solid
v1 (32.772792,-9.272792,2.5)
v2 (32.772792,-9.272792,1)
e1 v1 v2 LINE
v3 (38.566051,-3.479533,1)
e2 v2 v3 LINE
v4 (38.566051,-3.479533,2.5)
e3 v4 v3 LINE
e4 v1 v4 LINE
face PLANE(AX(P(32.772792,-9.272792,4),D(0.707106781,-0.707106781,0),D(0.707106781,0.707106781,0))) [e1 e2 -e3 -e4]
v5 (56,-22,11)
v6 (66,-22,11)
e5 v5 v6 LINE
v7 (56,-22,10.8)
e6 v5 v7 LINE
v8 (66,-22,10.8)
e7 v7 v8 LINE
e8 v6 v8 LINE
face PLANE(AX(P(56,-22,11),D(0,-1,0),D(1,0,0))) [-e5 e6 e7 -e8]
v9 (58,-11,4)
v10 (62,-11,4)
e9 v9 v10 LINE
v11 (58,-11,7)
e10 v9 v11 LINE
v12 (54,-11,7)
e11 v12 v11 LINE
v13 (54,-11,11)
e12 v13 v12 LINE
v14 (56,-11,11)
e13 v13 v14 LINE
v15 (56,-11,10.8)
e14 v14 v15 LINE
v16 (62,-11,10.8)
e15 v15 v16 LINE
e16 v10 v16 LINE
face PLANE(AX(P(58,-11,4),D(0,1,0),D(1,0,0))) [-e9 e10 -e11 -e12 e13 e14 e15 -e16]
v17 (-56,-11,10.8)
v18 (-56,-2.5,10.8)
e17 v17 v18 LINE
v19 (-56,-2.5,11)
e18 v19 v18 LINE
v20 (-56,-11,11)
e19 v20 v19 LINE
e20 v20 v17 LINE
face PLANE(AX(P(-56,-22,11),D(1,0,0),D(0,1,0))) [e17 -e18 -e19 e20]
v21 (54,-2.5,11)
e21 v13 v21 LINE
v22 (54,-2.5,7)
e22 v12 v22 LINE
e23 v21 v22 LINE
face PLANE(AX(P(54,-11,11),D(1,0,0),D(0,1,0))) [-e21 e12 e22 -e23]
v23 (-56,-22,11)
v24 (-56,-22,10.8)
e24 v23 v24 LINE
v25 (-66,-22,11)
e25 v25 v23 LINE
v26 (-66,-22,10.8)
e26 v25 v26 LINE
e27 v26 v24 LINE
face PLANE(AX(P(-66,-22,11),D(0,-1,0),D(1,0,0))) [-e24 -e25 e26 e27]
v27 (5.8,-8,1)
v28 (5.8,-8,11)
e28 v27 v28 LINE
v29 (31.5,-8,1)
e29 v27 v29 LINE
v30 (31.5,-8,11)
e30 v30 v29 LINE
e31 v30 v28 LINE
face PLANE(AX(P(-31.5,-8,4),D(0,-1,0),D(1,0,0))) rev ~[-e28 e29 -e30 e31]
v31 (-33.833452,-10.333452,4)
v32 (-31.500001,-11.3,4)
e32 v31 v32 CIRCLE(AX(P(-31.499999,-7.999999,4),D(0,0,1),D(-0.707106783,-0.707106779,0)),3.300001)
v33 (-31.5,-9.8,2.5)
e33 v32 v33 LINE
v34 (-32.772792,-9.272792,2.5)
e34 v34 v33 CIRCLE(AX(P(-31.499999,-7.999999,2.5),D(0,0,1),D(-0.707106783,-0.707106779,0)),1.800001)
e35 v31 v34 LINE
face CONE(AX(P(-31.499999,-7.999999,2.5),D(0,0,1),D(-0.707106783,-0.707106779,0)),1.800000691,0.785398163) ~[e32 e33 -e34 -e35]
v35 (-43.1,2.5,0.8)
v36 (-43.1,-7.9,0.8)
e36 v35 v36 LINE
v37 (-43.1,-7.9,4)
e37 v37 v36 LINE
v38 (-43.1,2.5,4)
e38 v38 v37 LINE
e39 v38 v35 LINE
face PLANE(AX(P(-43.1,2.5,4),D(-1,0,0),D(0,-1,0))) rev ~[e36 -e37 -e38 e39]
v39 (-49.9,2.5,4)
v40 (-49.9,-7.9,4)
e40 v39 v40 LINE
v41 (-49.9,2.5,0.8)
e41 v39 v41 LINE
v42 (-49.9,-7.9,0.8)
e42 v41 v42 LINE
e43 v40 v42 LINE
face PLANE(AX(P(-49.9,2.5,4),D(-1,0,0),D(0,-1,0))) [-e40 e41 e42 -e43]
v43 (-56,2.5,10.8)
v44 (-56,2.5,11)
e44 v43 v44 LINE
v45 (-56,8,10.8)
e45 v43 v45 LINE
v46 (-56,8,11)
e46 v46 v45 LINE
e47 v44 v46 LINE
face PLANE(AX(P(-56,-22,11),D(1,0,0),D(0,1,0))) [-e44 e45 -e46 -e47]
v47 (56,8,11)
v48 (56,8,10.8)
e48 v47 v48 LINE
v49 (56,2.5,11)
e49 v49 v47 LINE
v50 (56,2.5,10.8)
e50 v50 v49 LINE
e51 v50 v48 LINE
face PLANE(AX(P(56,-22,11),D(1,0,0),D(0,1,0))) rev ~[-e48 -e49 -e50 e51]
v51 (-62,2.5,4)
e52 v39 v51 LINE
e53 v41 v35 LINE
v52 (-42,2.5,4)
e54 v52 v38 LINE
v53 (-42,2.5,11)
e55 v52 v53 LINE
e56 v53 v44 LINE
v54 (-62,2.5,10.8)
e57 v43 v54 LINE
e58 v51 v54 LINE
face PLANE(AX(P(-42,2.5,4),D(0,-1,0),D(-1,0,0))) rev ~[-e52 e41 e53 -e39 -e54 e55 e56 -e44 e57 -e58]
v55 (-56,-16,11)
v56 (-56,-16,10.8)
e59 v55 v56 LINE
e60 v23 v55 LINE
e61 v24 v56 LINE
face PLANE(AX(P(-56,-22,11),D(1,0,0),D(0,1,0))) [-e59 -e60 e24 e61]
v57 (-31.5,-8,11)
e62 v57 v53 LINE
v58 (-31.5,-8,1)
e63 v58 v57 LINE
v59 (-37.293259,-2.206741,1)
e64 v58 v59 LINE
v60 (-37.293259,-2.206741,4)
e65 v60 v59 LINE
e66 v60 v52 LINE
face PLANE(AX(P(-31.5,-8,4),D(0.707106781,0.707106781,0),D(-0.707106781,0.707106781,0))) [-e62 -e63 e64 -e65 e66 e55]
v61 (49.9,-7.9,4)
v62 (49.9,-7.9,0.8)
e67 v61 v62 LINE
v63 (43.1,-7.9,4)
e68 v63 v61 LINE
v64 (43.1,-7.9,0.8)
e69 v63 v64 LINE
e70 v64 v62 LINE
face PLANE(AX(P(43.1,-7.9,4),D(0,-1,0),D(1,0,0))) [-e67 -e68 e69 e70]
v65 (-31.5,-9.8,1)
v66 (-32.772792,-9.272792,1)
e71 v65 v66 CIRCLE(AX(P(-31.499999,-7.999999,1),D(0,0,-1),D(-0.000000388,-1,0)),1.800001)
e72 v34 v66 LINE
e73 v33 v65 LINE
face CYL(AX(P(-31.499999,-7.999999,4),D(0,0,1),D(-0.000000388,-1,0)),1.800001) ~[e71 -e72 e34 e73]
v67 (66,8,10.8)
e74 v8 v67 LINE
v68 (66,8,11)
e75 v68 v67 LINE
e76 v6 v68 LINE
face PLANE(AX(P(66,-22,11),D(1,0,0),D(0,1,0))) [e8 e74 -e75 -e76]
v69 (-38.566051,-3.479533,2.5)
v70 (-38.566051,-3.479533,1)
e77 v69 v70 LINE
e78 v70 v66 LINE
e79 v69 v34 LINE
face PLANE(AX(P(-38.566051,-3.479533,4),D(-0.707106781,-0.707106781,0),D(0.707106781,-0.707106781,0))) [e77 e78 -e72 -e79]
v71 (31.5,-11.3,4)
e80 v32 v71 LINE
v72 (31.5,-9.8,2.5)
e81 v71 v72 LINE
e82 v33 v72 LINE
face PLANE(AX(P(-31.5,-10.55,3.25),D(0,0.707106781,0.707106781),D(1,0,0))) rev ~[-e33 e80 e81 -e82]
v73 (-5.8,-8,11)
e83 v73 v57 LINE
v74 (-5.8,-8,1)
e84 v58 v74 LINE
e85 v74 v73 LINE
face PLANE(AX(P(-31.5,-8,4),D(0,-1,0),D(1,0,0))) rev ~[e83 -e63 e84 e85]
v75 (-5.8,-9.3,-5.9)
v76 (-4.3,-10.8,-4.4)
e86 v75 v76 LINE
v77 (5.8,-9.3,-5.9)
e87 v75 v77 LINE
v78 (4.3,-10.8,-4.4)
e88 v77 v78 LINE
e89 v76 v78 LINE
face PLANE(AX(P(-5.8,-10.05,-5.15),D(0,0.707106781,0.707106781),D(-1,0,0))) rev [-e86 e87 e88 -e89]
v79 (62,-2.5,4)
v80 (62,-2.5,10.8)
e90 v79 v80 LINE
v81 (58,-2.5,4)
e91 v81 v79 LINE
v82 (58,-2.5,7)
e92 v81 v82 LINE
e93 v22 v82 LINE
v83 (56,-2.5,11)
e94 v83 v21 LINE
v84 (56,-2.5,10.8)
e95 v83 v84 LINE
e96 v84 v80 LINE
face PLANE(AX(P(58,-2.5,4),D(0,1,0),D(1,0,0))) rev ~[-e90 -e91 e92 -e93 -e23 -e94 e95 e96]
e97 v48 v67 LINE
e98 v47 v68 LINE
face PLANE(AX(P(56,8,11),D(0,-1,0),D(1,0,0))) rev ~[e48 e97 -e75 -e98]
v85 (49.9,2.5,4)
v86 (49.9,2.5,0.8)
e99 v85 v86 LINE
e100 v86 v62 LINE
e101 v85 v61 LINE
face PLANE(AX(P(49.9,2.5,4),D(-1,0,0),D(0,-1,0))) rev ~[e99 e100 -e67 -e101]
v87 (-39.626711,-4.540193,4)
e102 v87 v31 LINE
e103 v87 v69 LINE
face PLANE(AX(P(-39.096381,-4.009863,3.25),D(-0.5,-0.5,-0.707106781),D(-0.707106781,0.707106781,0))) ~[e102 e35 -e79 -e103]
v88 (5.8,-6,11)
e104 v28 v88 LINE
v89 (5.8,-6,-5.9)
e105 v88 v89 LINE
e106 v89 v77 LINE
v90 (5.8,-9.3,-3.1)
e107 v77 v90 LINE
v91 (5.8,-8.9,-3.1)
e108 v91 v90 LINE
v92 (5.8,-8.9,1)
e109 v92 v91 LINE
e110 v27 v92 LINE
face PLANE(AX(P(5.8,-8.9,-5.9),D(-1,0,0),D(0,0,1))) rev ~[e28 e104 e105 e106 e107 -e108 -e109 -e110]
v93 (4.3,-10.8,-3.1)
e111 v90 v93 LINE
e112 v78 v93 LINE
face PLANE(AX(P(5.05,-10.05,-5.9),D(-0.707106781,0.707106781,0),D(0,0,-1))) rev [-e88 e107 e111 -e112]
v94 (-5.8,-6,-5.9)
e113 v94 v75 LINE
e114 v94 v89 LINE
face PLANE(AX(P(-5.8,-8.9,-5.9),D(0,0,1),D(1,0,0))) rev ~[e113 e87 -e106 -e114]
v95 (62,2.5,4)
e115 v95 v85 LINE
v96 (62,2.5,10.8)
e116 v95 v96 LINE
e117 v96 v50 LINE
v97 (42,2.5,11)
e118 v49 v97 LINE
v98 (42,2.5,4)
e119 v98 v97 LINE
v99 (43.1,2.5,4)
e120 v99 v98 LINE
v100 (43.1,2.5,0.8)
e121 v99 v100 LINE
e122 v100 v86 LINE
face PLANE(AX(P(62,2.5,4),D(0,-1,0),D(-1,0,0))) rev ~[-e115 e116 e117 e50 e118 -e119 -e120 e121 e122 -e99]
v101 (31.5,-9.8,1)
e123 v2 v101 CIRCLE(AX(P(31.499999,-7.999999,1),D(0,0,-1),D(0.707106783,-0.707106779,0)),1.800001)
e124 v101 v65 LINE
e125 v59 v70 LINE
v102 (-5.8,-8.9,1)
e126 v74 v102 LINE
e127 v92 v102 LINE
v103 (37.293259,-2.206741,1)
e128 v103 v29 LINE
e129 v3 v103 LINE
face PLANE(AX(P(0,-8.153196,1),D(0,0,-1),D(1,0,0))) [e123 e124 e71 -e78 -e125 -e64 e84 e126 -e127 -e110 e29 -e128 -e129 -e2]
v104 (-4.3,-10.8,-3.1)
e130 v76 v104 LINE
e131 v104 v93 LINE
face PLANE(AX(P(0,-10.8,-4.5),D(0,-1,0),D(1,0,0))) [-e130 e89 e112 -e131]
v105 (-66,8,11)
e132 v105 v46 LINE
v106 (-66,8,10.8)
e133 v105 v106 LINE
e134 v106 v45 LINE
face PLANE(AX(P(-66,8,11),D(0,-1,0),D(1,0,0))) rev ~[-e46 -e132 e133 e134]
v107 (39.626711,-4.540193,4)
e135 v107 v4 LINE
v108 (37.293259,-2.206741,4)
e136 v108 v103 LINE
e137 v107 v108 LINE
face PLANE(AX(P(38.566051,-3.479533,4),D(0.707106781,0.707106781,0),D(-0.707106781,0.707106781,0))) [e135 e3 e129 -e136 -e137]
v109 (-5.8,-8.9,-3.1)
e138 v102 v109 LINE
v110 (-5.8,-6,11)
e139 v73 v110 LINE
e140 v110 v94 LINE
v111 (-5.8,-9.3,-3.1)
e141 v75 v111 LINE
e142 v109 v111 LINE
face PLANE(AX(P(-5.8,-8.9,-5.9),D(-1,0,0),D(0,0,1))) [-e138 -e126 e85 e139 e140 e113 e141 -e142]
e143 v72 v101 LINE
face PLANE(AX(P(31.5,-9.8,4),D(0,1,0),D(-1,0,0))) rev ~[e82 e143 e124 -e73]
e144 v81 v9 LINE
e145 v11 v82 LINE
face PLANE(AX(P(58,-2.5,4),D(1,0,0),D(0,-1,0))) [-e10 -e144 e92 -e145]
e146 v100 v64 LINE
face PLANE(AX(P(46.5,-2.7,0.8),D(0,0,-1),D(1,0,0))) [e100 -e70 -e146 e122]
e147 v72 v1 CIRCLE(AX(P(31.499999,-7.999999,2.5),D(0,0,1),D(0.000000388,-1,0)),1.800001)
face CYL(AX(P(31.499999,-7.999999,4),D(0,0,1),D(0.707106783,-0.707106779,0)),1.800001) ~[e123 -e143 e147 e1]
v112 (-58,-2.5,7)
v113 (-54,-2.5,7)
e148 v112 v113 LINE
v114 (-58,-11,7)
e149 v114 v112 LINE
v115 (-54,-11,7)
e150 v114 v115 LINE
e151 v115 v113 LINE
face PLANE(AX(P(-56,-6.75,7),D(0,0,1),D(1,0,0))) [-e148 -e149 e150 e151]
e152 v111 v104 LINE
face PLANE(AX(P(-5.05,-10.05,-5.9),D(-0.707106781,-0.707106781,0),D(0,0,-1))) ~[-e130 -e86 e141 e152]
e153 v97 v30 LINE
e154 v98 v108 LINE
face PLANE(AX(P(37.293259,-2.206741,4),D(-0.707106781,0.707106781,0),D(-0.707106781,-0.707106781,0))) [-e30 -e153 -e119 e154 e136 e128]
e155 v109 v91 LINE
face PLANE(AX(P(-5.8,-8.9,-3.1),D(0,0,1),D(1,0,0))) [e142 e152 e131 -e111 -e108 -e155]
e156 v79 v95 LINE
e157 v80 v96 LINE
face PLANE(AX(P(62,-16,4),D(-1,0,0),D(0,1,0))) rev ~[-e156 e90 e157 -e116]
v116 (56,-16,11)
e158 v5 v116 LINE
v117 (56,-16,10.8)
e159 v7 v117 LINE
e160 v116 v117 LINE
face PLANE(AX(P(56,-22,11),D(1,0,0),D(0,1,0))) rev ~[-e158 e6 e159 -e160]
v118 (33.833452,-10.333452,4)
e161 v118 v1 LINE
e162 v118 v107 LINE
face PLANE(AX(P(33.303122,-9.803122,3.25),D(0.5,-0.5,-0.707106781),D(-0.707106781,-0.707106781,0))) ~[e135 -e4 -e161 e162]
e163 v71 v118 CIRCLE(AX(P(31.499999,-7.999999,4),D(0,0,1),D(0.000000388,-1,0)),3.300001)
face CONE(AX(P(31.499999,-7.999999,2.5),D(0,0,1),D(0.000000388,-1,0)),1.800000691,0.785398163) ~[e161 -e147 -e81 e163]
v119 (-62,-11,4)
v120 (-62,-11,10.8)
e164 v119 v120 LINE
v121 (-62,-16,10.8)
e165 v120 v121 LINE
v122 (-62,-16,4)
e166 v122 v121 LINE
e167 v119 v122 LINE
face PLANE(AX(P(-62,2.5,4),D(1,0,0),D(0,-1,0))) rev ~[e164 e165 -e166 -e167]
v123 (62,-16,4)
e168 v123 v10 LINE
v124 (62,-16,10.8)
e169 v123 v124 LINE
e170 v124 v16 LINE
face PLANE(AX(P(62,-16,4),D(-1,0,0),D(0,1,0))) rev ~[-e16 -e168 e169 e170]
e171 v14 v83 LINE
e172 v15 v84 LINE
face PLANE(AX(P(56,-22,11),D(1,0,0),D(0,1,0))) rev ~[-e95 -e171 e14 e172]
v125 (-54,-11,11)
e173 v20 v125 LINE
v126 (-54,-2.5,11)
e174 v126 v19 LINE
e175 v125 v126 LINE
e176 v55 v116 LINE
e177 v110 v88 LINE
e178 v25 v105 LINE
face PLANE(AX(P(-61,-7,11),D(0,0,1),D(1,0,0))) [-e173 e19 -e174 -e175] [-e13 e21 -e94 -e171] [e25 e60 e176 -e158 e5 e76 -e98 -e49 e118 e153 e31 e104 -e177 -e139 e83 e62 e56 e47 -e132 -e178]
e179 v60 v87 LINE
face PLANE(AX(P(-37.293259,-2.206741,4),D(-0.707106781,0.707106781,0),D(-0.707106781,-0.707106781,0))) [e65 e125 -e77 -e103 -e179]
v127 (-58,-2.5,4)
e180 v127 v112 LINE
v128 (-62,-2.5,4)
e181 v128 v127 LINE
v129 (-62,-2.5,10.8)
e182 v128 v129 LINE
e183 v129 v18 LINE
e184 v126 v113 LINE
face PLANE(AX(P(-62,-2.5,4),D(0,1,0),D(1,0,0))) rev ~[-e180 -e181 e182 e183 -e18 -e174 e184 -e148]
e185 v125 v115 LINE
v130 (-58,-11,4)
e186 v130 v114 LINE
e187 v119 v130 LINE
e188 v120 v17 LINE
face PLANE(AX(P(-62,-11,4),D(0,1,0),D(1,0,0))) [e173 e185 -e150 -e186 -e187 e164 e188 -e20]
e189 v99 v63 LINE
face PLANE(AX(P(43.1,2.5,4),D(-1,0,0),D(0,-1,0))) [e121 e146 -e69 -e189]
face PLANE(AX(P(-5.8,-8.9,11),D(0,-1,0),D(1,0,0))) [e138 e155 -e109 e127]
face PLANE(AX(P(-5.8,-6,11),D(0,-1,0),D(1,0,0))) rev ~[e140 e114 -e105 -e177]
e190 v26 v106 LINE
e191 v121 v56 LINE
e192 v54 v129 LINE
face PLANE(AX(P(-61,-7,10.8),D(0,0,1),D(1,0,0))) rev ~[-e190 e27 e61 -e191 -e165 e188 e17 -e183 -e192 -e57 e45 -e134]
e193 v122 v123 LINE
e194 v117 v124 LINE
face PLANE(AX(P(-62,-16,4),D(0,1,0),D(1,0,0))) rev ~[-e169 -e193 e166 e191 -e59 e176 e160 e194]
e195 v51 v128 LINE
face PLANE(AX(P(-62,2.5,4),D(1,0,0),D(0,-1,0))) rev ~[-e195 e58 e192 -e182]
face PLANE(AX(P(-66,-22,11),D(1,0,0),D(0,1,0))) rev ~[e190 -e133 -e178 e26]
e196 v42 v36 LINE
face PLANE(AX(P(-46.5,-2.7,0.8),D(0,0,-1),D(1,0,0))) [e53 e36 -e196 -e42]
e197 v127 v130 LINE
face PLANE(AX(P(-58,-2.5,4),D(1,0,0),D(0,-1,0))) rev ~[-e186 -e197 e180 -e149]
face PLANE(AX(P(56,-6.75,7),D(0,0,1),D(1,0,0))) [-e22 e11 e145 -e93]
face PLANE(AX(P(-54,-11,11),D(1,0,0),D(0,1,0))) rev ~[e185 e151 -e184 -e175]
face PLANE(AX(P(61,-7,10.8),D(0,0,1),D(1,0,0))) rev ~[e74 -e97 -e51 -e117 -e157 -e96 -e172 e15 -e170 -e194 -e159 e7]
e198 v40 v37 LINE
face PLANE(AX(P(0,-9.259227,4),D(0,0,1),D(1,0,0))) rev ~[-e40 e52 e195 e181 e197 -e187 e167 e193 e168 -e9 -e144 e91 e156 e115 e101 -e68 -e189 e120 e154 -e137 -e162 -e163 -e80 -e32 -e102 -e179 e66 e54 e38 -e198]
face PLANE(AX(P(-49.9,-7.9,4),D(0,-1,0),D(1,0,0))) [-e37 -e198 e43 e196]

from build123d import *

# Parameters (mm, degrees)
PAD002_DEPTH    = 7
PAD003_DEPTH    = 3
CHAMFER003_SIZE = 1.5
SKETCH019_W     = 4
SKETCH019_H     = 8.5
POCKET003_DEPTH = 7.001
SKETCH020_W     = 4
SKETCH020_H     = 8.5
POCKET004_DEPTH = 4
SKETCH024_W     = 11.6
SKETCH024_H     = 2.9
PAD006_DEPTH    = 16.9
SKETCH025_W     = 11.6
SKETCH025_H     = 2.8
PAD007_DEPTH    = 1.9
CHAMFER005_SIZE = 1.5
SKETCH026_W     = 6.8
SKETCH026_H     = 10.4
PAD008_DEPTH    = 3.2
SKETCH034_W     = 10
SKETCH034_H     = 30
PAD014_DEPTH    = 0.2


with BuildPart() as part:
    # Sketch006 → Pad002 (new body)
    with BuildSketch(Plane.XY.offset(4)):
        Polygon((-62, 2.5), (-62, -16), (62, -16), (62, 2.5), (42, 2.5), (31.5, -8), (-31.5, -8), (-42, 2.5), align=None)
    extrude(amount=PAD002_DEPTH)

    # Sketch007 (on Face9 of Pad002) → Pad003 (join)
    with BuildSketch(Plane(origin=(0, 0, 4), x_dir=(1, 0, 0), z_dir=(0, 0, -1))):
        with BuildLine():
            Line((-31.5, 8), (31.5, 8))
            Line((37.293259, 2.206741), (31.5, 8))
            Line((38.566051, 3.479533), (37.293259, 2.206741))
            Line((32.772792, 9.272792), (38.566051, 3.479533))
            ThreePointArc((32.772792, 9.272792), (32.18883, 9.662983), (31.5, 9.8))
            Line((31.5, 9.8), (-31.5, 9.8))
            ThreePointArc((-31.5, 9.8), (-32.18883, 9.662983), (-32.772792, 9.272792))
            Line((-38.566051, 3.479533), (-32.772792, 9.272792))
            Line((-37.293259, 2.206741), (-38.566051, 3.479533))
            Line((-31.5, 8), (-37.293259, 2.206741))
        make_face()
    extrude(amount=PAD003_DEPTH)

    # Chamfer003
    chamfer003_edges = [part.edges().sort_by_distance(p)[0] for p in [
        (-35.669422, -6.376163, 4),
    ]]
    chamfer(chamfer003_edges, length=CHAMFER003_SIZE)

    # Sketch019 (on Face1 of Chamfer003) → Pocket003 (cut, through all)
    with BuildSketch(Plane(origin=(0, 0, 4), x_dir=(1, 0, 0), z_dir=(0, 0, -1))):
        with Locations((-60, 6.75)):
            Rectangle(SKETCH019_W, SKETCH019_H)
        with Locations((60, 6.75)):
            Rectangle(SKETCH019_W, SKETCH019_H)
    extrude(amount=-POCKET003_DEPTH, mode=Mode.SUBTRACT)

    # Sketch020 (on Face31 of Pocket003) → Pocket004 (cut)
    with BuildSketch(Plane.XY.offset(11)):
        with Locations((-56, -6.75)):
            Rectangle(SKETCH020_W, SKETCH020_H)
        with Locations((56, -6.75)):
            Rectangle(SKETCH020_W, SKETCH020_H)
    extrude(amount=-POCKET004_DEPTH, mode=Mode.SUBTRACT)

    # Sketch024 (on Face27 of Pocket004) → Pad006 (join)
    with BuildSketch(Plane.XY.offset(11)):
        with Locations((0, -7.45)):
            Rectangle(SKETCH024_W, SKETCH024_H)
    extrude(amount=-PAD006_DEPTH)

    # Sketch025 (on Face37 of Pad006) → Pad007 (join)
    with BuildSketch(Plane.XZ.offset(8.9)):
        with Locations((0, -4.5)):
            Rectangle(SKETCH025_W, SKETCH025_H)
    extrude(amount=PAD007_DEPTH)

    # Chamfer005
    chamfer005_edges = [part.edges().sort_by_distance(p)[0] for p in [
        (0, -10.8, -5.9),
        (-5.8, -10.8, -4.5),
        (5.8, -10.8, -4.5),
    ]]
    chamfer(chamfer005_edges, length=CHAMFER005_SIZE)

    # Sketch026 (on Face37 of Chamfer005) → Pad008 (join)
    with BuildSketch(Plane(origin=(0, 0, 4), x_dir=(1, 0, 0), z_dir=(0, 0, -1))):
        with Locations((-46.5, 2.7)):
            Rectangle(SKETCH026_W, SKETCH026_H)
        with Locations((46.5, 2.7)):
            Rectangle(SKETCH026_W, SKETCH026_H)
    extrude(amount=PAD008_DEPTH)

    # Sketch034 (on Face12 of Pad008) → Pad014 (join)
    with BuildSketch(Plane.XY.offset(11)):
        with Locations((-61, -7)):
            Rectangle(SKETCH034_W, SKETCH034_H)
        with Locations((61, -7)):
            Rectangle(SKETCH034_W, SKETCH034_H)
    extrude(amount=-PAD014_DEPTH)


solid = part.part
